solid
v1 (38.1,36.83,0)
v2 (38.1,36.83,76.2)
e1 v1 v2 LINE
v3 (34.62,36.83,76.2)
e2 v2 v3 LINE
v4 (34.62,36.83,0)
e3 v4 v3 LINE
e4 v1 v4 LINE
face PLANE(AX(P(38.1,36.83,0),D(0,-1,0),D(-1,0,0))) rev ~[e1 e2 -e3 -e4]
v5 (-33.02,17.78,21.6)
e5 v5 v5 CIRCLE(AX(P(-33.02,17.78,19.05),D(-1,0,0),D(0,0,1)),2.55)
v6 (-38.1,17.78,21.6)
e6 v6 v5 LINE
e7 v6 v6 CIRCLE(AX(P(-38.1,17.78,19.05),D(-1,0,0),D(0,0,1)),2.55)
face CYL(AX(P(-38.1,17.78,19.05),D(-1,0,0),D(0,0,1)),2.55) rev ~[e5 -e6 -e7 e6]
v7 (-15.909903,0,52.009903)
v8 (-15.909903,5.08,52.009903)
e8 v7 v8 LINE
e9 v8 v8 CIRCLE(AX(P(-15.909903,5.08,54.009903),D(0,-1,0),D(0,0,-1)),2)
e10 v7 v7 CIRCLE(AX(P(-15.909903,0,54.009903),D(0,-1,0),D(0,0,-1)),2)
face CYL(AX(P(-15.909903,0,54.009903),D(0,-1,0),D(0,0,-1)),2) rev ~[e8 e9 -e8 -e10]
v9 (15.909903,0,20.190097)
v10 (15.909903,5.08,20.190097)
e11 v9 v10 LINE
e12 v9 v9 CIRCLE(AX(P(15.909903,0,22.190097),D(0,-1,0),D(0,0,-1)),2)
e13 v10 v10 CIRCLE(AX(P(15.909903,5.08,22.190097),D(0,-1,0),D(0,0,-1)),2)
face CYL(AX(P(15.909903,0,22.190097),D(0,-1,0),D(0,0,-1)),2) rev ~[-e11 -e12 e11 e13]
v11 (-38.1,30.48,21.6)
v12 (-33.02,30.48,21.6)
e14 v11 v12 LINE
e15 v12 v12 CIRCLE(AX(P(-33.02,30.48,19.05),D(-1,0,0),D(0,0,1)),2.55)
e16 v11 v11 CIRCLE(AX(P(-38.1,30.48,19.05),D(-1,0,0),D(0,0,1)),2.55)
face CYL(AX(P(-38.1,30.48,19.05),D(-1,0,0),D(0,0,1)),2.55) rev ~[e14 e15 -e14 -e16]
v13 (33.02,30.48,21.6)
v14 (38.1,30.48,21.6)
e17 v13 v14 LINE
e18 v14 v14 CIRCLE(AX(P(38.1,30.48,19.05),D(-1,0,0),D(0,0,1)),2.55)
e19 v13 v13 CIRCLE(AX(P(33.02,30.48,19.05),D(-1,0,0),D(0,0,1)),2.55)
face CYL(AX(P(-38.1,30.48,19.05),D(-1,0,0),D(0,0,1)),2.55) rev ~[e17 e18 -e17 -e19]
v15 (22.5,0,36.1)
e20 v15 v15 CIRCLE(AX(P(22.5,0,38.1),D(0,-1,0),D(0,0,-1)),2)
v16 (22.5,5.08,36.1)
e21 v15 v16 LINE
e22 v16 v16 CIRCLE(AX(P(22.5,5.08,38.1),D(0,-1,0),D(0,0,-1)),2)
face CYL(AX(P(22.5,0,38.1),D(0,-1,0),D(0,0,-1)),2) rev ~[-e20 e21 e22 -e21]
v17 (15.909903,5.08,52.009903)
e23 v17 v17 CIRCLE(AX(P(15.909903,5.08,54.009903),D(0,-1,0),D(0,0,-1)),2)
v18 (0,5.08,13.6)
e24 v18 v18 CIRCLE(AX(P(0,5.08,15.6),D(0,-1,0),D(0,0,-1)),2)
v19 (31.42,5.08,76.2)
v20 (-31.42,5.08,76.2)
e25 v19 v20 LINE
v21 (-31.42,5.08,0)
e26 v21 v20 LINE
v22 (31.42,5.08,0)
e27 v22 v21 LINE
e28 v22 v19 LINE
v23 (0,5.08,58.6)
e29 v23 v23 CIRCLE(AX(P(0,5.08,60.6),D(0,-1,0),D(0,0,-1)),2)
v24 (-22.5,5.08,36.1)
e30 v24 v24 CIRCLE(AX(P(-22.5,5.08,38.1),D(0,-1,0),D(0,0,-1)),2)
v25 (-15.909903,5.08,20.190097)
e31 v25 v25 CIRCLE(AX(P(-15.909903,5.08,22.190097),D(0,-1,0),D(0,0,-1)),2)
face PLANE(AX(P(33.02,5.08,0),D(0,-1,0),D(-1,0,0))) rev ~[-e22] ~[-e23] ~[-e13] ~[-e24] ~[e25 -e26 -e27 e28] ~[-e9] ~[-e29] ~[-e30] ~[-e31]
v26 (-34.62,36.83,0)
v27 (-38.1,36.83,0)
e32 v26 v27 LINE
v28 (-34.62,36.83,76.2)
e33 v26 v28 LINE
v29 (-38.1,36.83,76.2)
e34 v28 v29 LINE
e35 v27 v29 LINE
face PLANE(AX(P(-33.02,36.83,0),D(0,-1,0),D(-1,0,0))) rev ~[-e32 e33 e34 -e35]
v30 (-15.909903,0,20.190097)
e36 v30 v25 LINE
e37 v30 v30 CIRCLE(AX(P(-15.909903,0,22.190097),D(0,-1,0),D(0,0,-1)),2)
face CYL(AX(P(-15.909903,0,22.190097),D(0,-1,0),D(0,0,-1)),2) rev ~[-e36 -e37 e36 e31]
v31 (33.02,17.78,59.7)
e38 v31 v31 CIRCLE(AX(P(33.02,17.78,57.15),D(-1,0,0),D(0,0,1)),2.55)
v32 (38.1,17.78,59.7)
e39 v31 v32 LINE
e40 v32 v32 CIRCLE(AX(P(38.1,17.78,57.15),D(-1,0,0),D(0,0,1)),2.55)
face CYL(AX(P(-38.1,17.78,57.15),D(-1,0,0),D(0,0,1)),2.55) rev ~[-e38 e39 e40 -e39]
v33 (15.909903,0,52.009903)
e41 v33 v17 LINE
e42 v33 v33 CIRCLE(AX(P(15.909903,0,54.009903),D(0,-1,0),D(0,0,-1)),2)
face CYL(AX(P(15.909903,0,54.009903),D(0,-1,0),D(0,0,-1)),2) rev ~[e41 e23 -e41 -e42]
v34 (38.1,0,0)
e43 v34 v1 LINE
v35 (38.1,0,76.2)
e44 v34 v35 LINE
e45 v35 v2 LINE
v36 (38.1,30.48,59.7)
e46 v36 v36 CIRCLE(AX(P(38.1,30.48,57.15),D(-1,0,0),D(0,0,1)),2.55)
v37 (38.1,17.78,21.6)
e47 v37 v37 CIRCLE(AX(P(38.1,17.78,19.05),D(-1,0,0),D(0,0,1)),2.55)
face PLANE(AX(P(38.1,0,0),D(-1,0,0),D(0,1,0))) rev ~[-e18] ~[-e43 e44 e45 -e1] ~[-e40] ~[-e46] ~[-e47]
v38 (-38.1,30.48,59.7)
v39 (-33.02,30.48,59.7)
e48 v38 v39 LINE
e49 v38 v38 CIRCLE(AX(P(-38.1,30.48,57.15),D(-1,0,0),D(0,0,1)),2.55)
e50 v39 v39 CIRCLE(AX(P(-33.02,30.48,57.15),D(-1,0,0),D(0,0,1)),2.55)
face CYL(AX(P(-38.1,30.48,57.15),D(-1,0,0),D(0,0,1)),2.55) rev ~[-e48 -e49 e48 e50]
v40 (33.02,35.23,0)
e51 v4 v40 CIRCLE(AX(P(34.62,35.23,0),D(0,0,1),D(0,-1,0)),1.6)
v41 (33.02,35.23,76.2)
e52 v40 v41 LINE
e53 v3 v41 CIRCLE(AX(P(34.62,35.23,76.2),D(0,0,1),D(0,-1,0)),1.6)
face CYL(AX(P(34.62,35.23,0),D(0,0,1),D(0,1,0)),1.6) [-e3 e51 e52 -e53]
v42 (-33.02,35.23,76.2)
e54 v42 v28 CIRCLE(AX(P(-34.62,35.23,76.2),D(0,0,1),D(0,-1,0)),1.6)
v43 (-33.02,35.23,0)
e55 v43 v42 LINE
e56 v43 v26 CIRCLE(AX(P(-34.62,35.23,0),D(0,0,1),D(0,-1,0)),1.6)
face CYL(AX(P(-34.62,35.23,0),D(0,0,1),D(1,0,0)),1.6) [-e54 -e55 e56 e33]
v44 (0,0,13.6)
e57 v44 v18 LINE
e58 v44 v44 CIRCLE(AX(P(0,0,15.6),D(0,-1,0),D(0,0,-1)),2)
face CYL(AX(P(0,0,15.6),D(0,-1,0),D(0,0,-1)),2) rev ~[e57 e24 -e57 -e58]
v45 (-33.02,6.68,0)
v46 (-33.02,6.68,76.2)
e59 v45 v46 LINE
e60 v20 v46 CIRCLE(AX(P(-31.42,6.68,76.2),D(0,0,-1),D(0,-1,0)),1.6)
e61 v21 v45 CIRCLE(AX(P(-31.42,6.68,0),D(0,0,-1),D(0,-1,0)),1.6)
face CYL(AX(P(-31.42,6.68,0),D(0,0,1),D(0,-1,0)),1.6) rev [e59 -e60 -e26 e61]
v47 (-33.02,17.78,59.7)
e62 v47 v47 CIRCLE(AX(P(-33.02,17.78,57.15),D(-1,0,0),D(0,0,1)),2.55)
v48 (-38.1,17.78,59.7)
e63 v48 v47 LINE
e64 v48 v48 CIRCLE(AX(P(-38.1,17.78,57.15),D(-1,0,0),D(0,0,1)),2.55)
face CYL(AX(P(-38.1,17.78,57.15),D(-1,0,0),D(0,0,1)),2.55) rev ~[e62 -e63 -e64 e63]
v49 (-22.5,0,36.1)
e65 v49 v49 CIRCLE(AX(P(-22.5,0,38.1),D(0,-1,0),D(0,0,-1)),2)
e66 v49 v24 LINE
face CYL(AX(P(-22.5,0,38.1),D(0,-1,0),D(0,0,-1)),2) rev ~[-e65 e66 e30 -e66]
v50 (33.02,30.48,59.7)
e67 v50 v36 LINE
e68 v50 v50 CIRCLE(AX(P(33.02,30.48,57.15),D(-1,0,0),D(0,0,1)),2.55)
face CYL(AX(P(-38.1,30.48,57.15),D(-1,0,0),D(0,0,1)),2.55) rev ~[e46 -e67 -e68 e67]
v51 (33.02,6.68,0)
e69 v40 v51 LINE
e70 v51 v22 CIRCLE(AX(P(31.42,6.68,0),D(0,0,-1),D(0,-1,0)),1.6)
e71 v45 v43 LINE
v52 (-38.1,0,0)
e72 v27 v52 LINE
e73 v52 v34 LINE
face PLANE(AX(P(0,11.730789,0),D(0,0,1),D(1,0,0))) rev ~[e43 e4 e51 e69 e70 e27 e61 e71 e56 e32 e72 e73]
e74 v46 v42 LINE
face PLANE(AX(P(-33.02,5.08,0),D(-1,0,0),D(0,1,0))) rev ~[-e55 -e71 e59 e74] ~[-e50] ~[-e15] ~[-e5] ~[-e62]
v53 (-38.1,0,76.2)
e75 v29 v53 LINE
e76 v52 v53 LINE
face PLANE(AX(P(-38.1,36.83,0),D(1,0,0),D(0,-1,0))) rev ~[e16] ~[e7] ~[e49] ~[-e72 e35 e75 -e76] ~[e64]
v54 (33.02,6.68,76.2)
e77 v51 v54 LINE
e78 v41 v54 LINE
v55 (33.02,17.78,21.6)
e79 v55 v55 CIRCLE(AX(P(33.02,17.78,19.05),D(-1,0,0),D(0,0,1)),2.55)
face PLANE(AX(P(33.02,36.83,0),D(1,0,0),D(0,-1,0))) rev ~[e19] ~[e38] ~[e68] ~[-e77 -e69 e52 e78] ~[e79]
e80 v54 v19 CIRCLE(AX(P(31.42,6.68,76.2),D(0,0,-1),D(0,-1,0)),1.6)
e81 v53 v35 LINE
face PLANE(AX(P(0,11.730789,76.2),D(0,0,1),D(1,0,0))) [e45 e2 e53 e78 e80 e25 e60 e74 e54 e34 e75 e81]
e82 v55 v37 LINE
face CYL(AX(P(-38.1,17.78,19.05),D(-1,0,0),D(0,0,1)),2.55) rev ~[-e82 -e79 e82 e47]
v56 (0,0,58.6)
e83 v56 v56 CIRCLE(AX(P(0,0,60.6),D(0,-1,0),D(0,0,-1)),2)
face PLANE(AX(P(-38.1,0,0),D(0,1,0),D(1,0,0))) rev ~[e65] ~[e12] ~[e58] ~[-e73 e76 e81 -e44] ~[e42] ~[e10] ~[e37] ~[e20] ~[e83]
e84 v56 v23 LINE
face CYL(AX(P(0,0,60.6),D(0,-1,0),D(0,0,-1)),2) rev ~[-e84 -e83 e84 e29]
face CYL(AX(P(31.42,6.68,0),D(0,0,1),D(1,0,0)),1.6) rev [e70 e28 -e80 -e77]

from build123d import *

# Parameters (mm, degrees)
BOSS_EXTRUDE1_DEPTH = 76.2
FILLET1_R           = 1.6
SKETCH2_R           = 2
CUT_EXTRUDE2_DEPTH  = 93.814324864
SKETCH3_R           = 2.55
CUT_EXTRUDE3_DEPTH  = 114.882961412


with BuildPart() as part:
    # Sketch1 → Boss-Extrude1 (new body)
    with BuildSketch(Plane.XY):
        Polygon((-38.1, 0), (38.1, 0), (38.1, 3.175), (38.1, 36.83), (33.02, 36.83), (33.02, 5.08), (-33.02, 5.08), (-33.02, 36.83), (-38.1, 36.83), (-38.1, 4.389392044), align=None)
    extrude(amount=BOSS_EXTRUDE1_DEPTH)

    # Fillet1
    fillet1_edges = [part.edges().sort_by_distance(p)[0] for p in [
        (-33.02, 36.83, 38.1),
        (-33.02, 5.08, 38.1),
        (33.02, 5.08, 38.1),
        (33.02, 36.83, 38.1),
    ]]
    fillet(fillet1_edges, radius=FILLET1_R)

    # Sketch2 → Cut-Extrude2 (cut, through all)
    with BuildSketch(Plane.XZ):
        with Locations(Location((0, 60.6, 0), (0, 0, 270))):
            Circle(SKETCH2_R)
        with Locations(Location((15.909902577, 54.009902577, 0), (0, 0, 270))):
            Circle(SKETCH2_R)
        with Locations(Location((22.5, 38.1, 0), (0, 0, 270))):
            Circle(SKETCH2_R)
        with Locations(Location((15.909902577, 22.190097423, 0), (0, 0, 270))):
            Circle(SKETCH2_R)
        with Locations(Location((0, 15.6, 0), (0, 0, 270))):
            Circle(SKETCH2_R)
        with Locations(Location((-15.909902577, 22.190097423, 0), (0, 0, 270))):
            Circle(SKETCH2_R)
        with Locations(Location((-22.5, 38.1, 0), (0, 0, 270))):
            Circle(SKETCH2_R)
        with Locations(Location((-15.909902577, 54.009902577, 0), (0, 0, 270))):
            Circle(SKETCH2_R)
    extrude(amount=-CUT_EXTRUDE2_DEPTH, mode=Mode.SUBTRACT)

    # Sketch3 → Cut-Extrude3 (cut, through all)
    with BuildSketch(Plane.ZY.offset(38.1)):
        with Locations((19.05, 30.48)):
            Circle(SKETCH3_R)
        with Locations((19.05, 17.78)):
            Circle(SKETCH3_R)
        with Locations((57.15, 17.78)):
            Circle(SKETCH3_R)
        with Locations((57.15, 30.48)):
            Circle(SKETCH3_R)
    extrude(amount=-CUT_EXTRUDE3_DEPTH, mode=Mode.SUBTRACT)


solid = part.part
